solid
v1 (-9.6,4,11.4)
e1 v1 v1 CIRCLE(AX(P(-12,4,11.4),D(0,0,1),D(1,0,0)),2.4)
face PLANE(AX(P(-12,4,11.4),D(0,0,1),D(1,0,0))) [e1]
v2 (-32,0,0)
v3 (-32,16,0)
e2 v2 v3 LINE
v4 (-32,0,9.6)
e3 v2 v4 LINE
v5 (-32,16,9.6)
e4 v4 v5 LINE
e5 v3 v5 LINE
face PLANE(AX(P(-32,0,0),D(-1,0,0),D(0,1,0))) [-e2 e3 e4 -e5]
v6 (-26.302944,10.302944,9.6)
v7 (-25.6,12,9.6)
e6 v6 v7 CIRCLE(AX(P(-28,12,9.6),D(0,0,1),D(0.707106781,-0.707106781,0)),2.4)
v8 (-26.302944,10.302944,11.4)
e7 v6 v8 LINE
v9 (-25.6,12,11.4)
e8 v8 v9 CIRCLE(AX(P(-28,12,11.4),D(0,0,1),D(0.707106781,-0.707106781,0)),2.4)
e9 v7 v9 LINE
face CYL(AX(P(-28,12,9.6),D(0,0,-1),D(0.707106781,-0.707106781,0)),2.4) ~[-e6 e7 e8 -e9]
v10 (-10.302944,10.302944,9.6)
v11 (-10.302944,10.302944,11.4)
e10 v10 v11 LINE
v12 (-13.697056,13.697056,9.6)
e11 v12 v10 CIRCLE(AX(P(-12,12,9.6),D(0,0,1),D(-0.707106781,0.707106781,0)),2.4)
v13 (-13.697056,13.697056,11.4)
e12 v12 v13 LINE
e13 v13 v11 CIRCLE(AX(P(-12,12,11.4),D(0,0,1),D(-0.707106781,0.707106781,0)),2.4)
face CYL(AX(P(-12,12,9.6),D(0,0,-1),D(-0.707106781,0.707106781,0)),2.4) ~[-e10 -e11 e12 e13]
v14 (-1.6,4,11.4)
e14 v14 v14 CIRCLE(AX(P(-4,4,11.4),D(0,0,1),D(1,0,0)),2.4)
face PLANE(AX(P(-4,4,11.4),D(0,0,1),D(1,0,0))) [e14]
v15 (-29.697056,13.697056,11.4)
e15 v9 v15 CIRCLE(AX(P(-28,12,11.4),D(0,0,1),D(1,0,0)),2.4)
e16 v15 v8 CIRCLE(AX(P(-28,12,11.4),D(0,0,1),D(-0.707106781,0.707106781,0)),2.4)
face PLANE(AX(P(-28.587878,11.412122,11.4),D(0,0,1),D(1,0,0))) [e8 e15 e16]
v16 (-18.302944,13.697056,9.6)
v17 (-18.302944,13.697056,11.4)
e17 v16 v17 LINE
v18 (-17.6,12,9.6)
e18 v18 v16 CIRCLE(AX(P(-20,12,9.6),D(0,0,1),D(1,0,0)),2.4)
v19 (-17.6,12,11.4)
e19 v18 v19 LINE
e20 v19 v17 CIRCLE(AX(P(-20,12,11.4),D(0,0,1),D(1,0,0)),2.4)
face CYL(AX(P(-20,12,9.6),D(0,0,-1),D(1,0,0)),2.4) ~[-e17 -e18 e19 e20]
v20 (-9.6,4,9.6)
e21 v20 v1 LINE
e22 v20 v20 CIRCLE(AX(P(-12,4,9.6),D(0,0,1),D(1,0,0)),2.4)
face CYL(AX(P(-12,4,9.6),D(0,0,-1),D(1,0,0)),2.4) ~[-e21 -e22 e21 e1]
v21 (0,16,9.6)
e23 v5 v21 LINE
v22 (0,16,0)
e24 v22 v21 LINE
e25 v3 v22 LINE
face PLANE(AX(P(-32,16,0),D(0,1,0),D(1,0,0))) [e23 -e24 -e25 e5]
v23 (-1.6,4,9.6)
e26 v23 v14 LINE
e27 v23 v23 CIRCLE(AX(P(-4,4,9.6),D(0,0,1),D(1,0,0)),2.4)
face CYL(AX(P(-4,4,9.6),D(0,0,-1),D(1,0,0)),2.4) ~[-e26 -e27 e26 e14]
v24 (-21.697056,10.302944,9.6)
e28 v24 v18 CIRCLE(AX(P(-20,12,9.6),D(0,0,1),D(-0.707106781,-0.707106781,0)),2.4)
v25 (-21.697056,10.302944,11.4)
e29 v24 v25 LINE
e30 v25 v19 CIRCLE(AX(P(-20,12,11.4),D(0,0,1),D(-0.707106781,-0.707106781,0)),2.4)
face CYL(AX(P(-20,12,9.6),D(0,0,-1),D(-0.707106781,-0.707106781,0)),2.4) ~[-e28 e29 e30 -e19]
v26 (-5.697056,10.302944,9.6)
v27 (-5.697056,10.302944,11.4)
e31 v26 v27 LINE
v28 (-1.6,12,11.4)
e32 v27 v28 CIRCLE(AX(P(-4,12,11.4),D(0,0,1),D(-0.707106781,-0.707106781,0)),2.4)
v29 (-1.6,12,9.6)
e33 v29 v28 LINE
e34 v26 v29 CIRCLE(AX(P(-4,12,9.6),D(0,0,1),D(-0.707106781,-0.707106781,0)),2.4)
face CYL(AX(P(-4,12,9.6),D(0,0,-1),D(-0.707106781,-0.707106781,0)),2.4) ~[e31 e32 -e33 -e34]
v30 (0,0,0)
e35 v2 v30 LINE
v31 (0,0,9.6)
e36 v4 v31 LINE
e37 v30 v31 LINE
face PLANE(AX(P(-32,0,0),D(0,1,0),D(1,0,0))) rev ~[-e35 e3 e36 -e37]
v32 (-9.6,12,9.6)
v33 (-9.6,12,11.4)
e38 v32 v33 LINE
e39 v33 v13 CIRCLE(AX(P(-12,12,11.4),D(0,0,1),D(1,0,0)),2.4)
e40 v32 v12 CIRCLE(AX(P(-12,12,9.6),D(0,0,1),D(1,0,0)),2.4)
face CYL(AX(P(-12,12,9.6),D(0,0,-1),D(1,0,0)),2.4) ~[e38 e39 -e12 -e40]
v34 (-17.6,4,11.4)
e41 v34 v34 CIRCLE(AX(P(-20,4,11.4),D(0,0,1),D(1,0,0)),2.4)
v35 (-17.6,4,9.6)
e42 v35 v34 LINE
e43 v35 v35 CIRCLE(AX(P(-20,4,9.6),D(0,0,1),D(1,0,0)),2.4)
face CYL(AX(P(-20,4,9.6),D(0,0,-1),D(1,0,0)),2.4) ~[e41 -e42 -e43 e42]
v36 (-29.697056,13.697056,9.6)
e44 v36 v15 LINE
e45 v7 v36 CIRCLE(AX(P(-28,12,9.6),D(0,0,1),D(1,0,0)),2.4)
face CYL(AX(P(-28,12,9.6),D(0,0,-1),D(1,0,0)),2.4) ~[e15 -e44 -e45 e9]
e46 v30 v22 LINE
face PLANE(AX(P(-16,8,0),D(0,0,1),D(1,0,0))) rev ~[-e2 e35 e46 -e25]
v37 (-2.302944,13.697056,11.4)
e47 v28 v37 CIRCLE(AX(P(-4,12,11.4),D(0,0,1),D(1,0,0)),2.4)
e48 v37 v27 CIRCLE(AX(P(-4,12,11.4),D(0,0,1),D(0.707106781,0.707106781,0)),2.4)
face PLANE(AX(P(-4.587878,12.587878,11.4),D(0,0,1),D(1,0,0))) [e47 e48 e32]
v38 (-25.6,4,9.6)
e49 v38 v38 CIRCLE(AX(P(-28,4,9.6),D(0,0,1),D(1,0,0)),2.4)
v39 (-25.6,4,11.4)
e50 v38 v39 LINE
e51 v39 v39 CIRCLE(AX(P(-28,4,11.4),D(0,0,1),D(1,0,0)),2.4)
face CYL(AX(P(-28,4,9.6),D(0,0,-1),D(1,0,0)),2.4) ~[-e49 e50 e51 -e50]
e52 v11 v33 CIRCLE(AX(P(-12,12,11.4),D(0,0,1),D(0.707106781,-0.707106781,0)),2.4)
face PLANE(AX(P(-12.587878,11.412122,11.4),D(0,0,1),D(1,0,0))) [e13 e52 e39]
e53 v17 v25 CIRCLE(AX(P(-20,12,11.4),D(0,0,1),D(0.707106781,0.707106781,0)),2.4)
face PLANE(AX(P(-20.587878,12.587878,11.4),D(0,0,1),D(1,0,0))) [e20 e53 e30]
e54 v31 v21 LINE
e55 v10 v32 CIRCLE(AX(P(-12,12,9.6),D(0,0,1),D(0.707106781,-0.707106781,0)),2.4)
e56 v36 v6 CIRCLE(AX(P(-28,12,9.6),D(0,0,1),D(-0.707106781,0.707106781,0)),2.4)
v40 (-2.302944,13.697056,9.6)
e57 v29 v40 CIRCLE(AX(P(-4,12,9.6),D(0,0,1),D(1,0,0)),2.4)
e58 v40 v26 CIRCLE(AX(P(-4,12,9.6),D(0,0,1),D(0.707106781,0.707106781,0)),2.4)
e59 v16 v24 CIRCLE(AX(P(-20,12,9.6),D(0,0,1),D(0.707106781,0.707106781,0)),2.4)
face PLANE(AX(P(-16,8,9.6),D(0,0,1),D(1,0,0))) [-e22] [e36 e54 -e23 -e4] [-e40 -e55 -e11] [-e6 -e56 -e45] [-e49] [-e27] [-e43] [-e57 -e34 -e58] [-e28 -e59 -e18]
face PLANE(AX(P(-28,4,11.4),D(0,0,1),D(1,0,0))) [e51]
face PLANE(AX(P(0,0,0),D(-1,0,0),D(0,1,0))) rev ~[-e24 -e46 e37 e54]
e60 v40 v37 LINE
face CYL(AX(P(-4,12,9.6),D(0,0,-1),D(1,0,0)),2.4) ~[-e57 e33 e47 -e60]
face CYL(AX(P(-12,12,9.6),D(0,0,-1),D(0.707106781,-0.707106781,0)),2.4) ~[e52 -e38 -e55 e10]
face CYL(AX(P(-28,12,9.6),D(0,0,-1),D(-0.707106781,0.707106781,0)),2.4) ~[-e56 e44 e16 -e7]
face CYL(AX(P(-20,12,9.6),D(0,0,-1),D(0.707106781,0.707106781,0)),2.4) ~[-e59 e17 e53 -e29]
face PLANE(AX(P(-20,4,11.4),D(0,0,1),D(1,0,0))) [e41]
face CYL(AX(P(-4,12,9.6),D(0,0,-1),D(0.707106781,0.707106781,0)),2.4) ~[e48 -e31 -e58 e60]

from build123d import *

# Parameters (mm, degrees)
F0_W     = 32
F0_H     = 16
F1_DEPTH = 9.6
F2_R     = 2.4
F3_DEPTH = 1.8


with BuildPart() as f1:
    # F0 (on Top) → F1 (new body)
    with BuildSketch(Plane.XY):
        with Locations((-16, 8)):
            Rectangle(F0_W, F0_H)
    extrude(amount=F1_DEPTH)

    # F2 (on face) → F3 (join)
    with BuildSketch(Plane.XY.offset(9.6)):
        with BuildLine():
            ThreePointArc((-29.6970562748, 13.6970562748), (-29.6970562748, 10.3029437252), (-26.3029437252, 10.3029437252))
            Line((-26.3029437252, 10.3029437252), (-29.6970562748, 13.6970562748))
        make_face()
        with BuildLine():
            Line((-29.6970562748, 13.6970562748), (-26.3029437252, 10.3029437252))
            ThreePointArc((-26.3029437252, 10.3029437252), (-25.782689122, 11.0815597623), (-25.6, 12))
            ThreePointArc((-25.6, 12), (-27.0815597623, 14.217310878), (-29.6970562748, 13.6970562748))
        make_face()
        with BuildLine():
            ThreePointArc((-18.3029437252, 13.6970562748), (-21.6970562748, 13.6970562748), (-21.6970562748, 10.3029437252))
            Line((-21.6970562748, 10.3029437252), (-18.3029437252, 13.6970562748))
        make_face()
        with BuildLine():
            Line((-18.3029437252, 13.6970562748), (-21.6970562748, 10.3029437252))
            ThreePointArc((-21.6970562748, 10.3029437252), (-19.0815597623, 9.782689122), (-17.6, 12))
            ThreePointArc((-17.6, 12), (-17.782689122, 12.9184402377), (-18.3029437252, 13.6970562748))
        make_face()
        with BuildLine():
            ThreePointArc((-13.6970562748, 13.6970562748), (-13.6970562748, 10.3029437252), (-10.3029437252, 10.3029437252))
            Line((-10.3029437252, 10.3029437252), (-13.6970562748, 13.6970562748))
        make_face()
        with BuildLine():
            Line((-13.6970562748, 13.6970562748), (-10.3029437252, 10.3029437252))
            ThreePointArc((-10.3029437252, 10.3029437252), (-9.782689122, 11.0815597623), (-9.6, 12))
            ThreePointArc((-9.6, 12), (-11.0815597623, 14.217310878), (-13.6970562748, 13.6970562748))
        make_face()
        with BuildLine():
            ThreePointArc((-2.3029437252, 13.6970562748), (-5.6970562748, 13.6970562748), (-5.6970562748, 10.3029437252))
            Line((-5.6970562748, 10.3029437252), (-2.3029437252, 13.6970562748))
        make_face()
        with BuildLine():
            Line((-2.3029437252, 13.6970562748), (-5.6970562748, 10.3029437252))
            ThreePointArc((-5.6970562748, 10.3029437252), (-3.0815597623, 9.782689122), (-1.6, 12))
            ThreePointArc((-1.6, 12), (-1.782689122, 12.9184402377), (-2.3029437252, 13.6970562748))
        make_face()
        with Locations((-4, 4)):
            Circle(F2_R)
        with Locations((-12, 4)):
            Circle(F2_R)
        with Locations((-20, 4)):
            Circle(F2_R)
        with Locations((-28, 4)):
            Circle(F2_R)
    extrude(amount=F3_DEPTH)


solid = f1.part
